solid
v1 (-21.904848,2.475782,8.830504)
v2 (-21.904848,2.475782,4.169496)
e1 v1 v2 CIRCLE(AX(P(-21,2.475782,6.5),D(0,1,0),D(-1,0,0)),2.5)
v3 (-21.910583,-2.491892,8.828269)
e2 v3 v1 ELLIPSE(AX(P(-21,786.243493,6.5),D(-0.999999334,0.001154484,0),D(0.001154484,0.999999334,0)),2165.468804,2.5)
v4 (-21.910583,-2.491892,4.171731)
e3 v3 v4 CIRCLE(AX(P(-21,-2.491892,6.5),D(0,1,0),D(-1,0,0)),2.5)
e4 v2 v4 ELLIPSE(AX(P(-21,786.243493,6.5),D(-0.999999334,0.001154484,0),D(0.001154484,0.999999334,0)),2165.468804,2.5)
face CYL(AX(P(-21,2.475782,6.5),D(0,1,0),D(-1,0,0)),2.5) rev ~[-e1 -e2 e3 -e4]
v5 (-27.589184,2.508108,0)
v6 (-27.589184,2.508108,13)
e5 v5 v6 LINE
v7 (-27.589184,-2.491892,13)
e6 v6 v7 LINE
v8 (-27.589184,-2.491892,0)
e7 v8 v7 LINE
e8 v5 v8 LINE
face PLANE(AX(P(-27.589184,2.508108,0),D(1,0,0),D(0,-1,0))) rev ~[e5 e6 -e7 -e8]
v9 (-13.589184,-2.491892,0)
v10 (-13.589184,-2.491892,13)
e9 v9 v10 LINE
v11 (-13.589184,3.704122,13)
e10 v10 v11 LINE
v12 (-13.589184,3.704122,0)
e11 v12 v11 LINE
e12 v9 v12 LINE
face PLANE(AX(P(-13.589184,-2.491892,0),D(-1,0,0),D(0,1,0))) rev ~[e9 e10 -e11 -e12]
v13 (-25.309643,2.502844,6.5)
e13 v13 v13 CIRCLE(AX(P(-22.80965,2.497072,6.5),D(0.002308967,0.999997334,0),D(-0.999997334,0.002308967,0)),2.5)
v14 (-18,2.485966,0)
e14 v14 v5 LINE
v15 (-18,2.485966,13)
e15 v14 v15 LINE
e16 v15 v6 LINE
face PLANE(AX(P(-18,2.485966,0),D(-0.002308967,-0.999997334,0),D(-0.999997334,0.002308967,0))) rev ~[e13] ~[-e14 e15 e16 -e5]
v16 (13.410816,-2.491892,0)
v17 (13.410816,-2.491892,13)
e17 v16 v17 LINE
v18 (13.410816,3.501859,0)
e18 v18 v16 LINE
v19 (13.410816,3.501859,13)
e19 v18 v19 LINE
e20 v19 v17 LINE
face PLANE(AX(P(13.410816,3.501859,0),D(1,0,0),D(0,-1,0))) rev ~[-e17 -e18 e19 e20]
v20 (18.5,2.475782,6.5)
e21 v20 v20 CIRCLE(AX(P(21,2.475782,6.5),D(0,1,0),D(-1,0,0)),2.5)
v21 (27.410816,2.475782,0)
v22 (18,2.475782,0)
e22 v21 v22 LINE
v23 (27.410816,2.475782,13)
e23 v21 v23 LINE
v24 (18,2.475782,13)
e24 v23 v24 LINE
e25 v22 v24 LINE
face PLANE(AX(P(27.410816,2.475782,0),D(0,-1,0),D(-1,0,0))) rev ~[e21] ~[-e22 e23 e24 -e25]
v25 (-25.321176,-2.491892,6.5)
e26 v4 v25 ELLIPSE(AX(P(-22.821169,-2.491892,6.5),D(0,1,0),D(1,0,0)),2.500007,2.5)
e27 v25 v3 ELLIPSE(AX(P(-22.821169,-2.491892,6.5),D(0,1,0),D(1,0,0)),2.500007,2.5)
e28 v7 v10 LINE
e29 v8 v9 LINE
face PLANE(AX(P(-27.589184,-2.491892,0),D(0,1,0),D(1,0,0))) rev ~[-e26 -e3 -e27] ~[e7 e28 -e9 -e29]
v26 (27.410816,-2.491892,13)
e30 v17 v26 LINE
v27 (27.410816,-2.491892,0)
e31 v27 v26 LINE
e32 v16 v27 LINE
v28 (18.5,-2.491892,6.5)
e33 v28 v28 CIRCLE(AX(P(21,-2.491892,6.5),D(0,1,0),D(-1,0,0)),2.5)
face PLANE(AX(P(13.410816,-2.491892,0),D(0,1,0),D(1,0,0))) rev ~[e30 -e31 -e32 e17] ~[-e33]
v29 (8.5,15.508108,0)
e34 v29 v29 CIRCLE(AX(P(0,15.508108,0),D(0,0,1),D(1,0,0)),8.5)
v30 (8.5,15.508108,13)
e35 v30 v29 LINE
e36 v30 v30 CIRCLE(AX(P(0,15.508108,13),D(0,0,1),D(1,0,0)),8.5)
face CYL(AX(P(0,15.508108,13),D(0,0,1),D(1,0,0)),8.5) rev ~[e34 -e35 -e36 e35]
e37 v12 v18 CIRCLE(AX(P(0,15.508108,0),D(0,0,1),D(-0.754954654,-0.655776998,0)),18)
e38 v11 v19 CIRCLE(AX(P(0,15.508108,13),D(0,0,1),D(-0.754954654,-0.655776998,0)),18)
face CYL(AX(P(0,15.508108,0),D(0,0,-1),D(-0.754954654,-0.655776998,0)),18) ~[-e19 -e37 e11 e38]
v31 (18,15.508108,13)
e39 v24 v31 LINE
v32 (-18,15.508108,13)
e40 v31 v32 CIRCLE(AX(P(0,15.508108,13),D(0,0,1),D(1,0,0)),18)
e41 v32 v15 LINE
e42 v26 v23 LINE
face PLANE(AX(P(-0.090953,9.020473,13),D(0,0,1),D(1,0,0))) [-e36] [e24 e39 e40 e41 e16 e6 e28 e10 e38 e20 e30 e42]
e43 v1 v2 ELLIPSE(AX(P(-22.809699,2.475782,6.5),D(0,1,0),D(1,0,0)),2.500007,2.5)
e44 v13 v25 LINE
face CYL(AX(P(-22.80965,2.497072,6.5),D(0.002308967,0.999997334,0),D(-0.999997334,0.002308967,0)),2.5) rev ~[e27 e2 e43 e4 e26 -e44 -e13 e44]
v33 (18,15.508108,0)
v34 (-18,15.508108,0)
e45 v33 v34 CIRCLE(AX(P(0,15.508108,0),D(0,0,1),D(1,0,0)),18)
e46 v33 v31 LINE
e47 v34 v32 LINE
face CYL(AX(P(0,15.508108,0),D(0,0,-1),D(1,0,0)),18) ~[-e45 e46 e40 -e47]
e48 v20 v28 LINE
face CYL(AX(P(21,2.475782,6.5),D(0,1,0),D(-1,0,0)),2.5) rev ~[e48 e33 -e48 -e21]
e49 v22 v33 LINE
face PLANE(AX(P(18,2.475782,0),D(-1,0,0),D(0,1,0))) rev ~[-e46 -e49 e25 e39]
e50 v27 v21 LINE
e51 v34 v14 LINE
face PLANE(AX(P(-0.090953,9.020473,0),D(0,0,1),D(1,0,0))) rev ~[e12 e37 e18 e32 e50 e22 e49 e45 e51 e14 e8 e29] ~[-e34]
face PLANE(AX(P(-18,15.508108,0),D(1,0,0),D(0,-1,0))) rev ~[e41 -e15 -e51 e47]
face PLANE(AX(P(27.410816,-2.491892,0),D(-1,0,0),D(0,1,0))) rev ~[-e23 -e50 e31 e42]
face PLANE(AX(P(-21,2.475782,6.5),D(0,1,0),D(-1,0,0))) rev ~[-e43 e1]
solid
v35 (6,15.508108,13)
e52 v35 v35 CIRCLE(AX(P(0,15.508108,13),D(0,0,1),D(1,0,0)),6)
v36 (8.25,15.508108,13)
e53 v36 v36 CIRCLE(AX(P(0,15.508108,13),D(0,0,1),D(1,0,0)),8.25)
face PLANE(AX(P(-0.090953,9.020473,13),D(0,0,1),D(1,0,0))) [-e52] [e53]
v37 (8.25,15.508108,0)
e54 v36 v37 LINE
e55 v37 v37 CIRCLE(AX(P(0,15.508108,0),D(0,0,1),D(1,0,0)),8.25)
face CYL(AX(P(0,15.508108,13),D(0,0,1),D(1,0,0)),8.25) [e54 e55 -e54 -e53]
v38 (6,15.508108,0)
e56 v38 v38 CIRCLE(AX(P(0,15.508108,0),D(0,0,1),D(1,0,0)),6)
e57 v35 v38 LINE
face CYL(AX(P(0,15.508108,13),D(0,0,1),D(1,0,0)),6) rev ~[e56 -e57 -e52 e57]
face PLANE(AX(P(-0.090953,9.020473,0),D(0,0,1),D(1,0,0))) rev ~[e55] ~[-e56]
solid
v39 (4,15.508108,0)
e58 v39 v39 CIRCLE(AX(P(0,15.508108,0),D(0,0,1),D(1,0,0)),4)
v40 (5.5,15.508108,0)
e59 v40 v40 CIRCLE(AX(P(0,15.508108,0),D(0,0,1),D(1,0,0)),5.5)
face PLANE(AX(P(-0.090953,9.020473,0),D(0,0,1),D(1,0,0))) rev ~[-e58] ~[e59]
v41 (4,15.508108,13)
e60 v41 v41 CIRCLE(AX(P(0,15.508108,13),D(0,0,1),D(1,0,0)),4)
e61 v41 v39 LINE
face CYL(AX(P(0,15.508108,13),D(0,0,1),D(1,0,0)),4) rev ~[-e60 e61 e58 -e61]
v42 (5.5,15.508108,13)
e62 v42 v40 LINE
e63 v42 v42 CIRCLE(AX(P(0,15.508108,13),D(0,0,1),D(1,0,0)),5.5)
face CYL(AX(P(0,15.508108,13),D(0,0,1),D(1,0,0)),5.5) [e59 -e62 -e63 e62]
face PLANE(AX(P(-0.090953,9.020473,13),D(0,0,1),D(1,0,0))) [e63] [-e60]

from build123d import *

# Parameters (mm, degrees)
BOSS_EXTRUDE1_DEPTH = 13
SKETCH2_R           = 4
CUT_EXTRUDE1_DEPTH  = 46.30956121
SKETCH3_R           = 6
SKETCH3_R_2         = 5.5
CUT_EXTRUDE3_DEPTH  = 46.30956121
SKETCH4_R           = 8.5
SKETCH4_R_2         = 8.25
CUT_EXTRUDE4_DEPTH  = 46.30956121
SKETCH5_R           = 2.5
CUT_EXTRUDE5_DEPTH  = 13
SKETCH6_R           = 2.5
CUT_EXTRUDE6_DEPTH  = 13


with BuildPart() as part:
    # Sketch1 → Boss-Extrude1 (new body)
    with BuildSketch(Plane.XY):
        with BuildLine():
            Line((13.41081623, -2.491892385), (27.41081623, -2.491892385))
            Line((27.41081623, -2.491892385), (27.41081623, 2.475781987))
            Line((27.41081623, 2.475781987), (18, 2.475781987))
            Line((18, 2.475781987), (18, 15.508107615))
            ThreePointArc((18, 15.508107615), (0, 33.508107615), (-18, 15.508107615))
            Line((-18, 15.508107615), (-18, 2.485966445))
            Line((-18, 2.485966445), (-27.58918377, 2.508107615))
            Line((-27.58918377, 2.508107615), (-27.58918377, -2.491892385))
            Line((-27.58918377, -2.491892385), (-13.58918377, -2.491892385))
            Line((-13.58918377, -2.491892385), (-13.58918377, 3.704121659))
            ThreePointArc((-13.58918377, 3.704121659), (-0.134838052, -2.491387341), (13.41081623, 3.501858907))
            Line((13.41081623, 3.501858907), (13.41081623, -2.491892385))
        make_face()
    extrude(amount=BOSS_EXTRUDE1_DEPTH)

    # Sketch2 → Cut-Extrude1 (cut, through all)
    with BuildSketch(Plane.XY.offset(13)):
        with Locations((0, 15.508107615)):
            Circle(SKETCH2_R)
    extrude(amount=-CUT_EXTRUDE1_DEPTH, mode=Mode.SUBTRACT)

    # Sketch3 → Cut-Extrude3 (cut, through all)
    with BuildSketch(Plane.XY.offset(13)):
        with Locations((0, 15.508107615)):
            Circle(SKETCH3_R)
        with Locations((0, 15.508107615)):
            Circle(SKETCH3_R_2, mode=Mode.SUBTRACT)
    extrude(amount=-CUT_EXTRUDE3_DEPTH, mode=Mode.SUBTRACT)


with BuildPart() as cut_extrude3_piece_1:
    # of the separate pieces the step leaves, piece 1, a body of its own (cut_extrude3_pieces)
    add(part.part.solids().sort_by_distance((-13.58918377, 3.704121659, 0))[0])

    # Sketch4 → Cut-Extrude4 (cut, through all)
    with BuildSketch(Plane.XY.offset(13)):
        with Locations((0, 15.508107615)):
            Circle(SKETCH4_R)
        with Locations((0, 15.508107615)):
            Circle(SKETCH4_R_2, mode=Mode.SUBTRACT)
    extrude(amount=-CUT_EXTRUDE4_DEPTH, mode=Mode.SUBTRACT)


with BuildPart() as cut_extrude3_piece_2:
    # of the separate pieces the step leaves, piece 2, a body of its own (cut_extrude3_pieces)
    add(part.part.solids().sort_by_distance((5.5, 15.508107615, 0))[0])


with BuildPart() as cut_extrude4_piece_1:
    # of the separate pieces the step leaves, piece 1, a body of its own (cut_extrude4_pieces)
    add(cut_extrude3_piece_1.part.solids().sort_by_distance((-13.58918377, 3.704121659, 0))[0])

    # Sketch5 → Cut-Extrude5 (cut)
    with BuildSketch(Plane(origin=(0, 2.475781987, 0), x_dir=(1, 0, 0), z_dir=(0, 1, 0))):
        with Locations(Location((21, -6.5, 0), (0, 0, 180))):
            Circle(SKETCH5_R)
        with Locations(Location((-21, -6.5, 0), (0, 0, 180))):
            Circle(SKETCH5_R)
    extrude(amount=-CUT_EXTRUDE5_DEPTH, mode=Mode.SUBTRACT)

    # Sketch6 → Cut-Extrude6 (cut)
    with BuildSketch(Plane(origin=(0.005644036, 2.44439189, 0), x_dir=(0.9999973343314404, -0.002308967304544804, 0), z_dir=(0.002308967304544804, 0.9999973343314404, 0))):
        with Locations(Location((-22.815354539, -6.5, 0), (0, 0, 180))):
            Circle(SKETCH6_R)
    extrude(amount=-CUT_EXTRUDE6_DEPTH, mode=Mode.SUBTRACT)


with BuildPart() as cut_extrude4_piece_2:
    # of the separate pieces the step leaves, piece 2, a body of its own (cut_extrude4_pieces)
    add(cut_extrude3_piece_1.part.solids().sort_by_distance((8.25, 15.508107615, 0))[0])


solid = Compound([cut_extrude3_piece_2.part, cut_extrude4_piece_1.part, cut_extrude4_piece_2.part])
